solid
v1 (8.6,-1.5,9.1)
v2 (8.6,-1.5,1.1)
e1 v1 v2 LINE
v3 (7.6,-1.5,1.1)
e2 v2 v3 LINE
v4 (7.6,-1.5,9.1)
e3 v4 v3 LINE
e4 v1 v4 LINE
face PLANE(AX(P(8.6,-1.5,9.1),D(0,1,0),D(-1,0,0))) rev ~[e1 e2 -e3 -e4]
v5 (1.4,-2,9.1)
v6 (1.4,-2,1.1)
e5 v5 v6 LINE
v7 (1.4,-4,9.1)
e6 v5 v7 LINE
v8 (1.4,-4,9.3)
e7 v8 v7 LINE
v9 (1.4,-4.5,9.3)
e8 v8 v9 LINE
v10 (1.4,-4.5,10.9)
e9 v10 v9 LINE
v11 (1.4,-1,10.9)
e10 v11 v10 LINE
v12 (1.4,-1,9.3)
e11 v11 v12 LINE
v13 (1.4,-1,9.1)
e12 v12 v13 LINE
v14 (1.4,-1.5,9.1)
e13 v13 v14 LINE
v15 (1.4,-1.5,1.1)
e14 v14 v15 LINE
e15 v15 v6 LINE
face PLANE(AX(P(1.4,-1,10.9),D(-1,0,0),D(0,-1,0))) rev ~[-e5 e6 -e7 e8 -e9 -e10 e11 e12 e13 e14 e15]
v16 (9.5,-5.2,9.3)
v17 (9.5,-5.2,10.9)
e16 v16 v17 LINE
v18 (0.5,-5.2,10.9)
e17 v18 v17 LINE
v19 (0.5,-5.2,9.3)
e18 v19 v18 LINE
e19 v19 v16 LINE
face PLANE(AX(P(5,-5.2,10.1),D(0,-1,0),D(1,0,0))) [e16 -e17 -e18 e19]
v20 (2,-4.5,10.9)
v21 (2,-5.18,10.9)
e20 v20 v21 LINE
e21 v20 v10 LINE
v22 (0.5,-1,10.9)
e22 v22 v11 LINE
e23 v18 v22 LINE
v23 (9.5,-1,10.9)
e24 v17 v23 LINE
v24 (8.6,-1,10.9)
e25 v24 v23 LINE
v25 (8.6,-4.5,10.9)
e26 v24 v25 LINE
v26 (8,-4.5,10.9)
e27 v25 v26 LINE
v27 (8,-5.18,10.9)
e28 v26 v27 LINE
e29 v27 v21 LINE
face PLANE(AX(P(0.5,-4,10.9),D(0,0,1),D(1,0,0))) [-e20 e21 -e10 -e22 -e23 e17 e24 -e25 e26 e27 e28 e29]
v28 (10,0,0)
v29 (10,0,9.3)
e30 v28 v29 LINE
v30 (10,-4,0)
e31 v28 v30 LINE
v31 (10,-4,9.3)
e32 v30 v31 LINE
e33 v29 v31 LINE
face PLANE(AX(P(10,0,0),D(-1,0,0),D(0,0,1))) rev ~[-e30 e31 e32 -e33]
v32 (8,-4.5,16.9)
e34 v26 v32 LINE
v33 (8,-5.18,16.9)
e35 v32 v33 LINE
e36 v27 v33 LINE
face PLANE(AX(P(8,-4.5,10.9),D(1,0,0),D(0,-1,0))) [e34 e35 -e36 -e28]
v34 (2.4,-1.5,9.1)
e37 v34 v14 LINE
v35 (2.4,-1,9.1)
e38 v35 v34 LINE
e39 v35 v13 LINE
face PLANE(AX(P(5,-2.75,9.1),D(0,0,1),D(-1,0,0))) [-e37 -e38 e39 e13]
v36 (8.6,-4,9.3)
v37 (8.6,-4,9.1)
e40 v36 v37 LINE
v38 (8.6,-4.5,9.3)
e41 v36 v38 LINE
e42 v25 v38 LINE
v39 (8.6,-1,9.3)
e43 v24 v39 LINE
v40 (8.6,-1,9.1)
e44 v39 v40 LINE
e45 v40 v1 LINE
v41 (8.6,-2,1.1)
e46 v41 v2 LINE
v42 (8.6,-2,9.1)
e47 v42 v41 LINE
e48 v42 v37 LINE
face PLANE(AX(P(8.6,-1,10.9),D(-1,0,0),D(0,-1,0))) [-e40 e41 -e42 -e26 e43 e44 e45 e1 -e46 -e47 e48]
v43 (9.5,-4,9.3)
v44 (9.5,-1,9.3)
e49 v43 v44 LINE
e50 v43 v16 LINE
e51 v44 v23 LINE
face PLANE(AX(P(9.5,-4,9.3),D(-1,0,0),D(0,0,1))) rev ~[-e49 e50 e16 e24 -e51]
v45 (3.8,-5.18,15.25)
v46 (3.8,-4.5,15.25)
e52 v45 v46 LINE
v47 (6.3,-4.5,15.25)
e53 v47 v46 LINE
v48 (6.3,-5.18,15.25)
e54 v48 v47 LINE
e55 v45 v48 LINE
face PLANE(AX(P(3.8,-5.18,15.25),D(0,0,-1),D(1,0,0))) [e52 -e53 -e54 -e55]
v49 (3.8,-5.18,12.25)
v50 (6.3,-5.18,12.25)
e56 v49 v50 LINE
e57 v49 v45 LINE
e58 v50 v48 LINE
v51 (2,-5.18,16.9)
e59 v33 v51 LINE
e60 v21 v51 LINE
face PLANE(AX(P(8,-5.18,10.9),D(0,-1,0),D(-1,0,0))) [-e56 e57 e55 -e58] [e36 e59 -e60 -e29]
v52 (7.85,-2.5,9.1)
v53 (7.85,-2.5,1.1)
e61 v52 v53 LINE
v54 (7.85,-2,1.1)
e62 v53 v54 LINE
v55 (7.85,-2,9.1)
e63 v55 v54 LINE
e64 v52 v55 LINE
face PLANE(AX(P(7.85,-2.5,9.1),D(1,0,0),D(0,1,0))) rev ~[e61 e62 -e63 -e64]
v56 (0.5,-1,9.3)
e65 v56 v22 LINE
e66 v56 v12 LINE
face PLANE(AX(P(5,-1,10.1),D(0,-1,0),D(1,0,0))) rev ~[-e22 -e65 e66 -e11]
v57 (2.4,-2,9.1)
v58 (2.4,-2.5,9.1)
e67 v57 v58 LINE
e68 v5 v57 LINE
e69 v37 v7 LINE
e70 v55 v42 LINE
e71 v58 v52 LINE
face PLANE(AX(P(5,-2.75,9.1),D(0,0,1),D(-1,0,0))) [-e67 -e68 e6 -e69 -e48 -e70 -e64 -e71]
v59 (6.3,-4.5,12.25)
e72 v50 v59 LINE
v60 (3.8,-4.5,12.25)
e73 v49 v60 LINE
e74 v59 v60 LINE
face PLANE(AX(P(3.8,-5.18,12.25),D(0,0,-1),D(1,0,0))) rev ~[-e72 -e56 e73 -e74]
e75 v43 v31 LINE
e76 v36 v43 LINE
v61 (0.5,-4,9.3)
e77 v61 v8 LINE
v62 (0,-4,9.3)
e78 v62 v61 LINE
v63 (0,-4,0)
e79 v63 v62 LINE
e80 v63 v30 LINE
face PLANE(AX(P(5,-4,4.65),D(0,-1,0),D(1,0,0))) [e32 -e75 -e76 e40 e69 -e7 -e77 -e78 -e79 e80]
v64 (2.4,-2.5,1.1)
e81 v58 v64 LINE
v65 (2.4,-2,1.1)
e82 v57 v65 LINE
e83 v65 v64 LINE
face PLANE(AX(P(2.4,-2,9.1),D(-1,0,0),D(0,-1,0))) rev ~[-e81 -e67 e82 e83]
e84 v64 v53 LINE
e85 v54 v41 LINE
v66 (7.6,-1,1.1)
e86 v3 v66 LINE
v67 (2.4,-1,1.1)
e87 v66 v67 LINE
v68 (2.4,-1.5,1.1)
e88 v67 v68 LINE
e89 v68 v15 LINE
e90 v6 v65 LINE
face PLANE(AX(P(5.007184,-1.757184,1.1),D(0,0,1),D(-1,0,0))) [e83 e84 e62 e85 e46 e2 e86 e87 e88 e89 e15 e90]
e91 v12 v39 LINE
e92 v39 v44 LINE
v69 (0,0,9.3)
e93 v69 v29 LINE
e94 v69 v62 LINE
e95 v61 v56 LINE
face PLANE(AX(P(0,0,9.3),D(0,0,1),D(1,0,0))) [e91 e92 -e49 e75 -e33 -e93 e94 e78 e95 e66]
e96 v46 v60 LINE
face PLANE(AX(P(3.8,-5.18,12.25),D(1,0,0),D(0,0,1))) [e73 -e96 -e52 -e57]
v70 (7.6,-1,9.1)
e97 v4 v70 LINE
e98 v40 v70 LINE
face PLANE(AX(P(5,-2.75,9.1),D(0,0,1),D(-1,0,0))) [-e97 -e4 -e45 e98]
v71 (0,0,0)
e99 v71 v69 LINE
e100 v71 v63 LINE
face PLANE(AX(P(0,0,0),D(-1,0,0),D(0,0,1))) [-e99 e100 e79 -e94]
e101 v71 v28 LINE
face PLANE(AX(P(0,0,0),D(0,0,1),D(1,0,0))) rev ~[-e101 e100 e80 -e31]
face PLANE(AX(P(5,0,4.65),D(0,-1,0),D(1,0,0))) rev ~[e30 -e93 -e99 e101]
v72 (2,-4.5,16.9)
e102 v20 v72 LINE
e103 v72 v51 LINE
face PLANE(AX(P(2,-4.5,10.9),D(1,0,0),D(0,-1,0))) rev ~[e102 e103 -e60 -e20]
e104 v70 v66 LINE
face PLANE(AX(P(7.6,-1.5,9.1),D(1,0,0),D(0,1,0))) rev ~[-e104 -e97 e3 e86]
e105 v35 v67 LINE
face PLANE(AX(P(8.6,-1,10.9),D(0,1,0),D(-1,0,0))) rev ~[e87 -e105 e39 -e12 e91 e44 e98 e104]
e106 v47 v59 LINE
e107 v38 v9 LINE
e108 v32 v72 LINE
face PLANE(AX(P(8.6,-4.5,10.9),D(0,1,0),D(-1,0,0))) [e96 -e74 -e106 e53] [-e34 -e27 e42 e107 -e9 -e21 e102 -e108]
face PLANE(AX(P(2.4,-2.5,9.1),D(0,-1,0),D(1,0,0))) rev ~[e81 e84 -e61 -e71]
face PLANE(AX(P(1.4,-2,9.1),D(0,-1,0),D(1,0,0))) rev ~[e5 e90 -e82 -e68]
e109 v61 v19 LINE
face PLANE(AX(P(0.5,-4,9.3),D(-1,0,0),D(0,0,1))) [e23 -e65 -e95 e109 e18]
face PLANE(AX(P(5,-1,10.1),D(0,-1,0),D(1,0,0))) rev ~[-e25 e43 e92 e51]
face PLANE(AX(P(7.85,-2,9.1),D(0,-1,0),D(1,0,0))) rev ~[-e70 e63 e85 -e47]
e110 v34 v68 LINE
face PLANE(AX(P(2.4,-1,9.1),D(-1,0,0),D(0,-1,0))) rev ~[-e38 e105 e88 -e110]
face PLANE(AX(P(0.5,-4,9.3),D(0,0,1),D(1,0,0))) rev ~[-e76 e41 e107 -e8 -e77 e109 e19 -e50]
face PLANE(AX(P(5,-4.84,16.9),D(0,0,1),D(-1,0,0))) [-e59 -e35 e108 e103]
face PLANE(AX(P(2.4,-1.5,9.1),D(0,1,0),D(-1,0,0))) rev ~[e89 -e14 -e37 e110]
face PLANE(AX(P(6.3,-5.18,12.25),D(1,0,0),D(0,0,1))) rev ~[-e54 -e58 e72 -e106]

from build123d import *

# Parameters (mm, degrees)
SKETCH_W        = 10
SKETCH_H        = 9.3
PAD_DEPTH       = 4
SKETCH001_W     = 9
SKETCH001_H     = 1.6
PAD001_DEPTH    = 3
SKETCH002_W     = 9
SKETCH002_H     = 1.6
PAD002_DEPTH    = 1.2
SKETCH003_W     = 7.2
SKETCH003_H     = 3.5
POCKET_DEPTH    = 1.8
POCKET001_DEPTH = 8
SKETCH005_W     = 6
SKETCH005_H     = 0.68
PAD003_DEPTH    = 6
SKETCH006_W     = 2.5
SKETCH006_H     = 3
POCKET002_DEPTH = 5


with BuildPart() as part:
    # Sketch → Pad (new body)
    with BuildSketch(Plane.XZ):
        with Locations((5, 4.65)):
            Rectangle(SKETCH_W, SKETCH_H)
    extrude(amount=PAD_DEPTH)

    # Sketch001 (on Face6 of Pad) → Pad001 (join)
    with BuildSketch(Plane.XZ.offset(4)):
        with Locations((5, 10.1)):
            Rectangle(SKETCH001_W, SKETCH001_H)
    extrude(amount=-PAD001_DEPTH)

    # Sketch002 (on Face10 of Pad001) → Pad002 (join)
    with BuildSketch(Plane.XZ.offset(4)):
        with Locations((5, 10.1)):
            Rectangle(SKETCH002_W, SKETCH002_H)
    extrude(amount=PAD002_DEPTH)

    # Sketch003 (on Face12 of Pad002) → Pocket (cut)
    with BuildSketch(Plane(origin=(0, 0, 10.9), x_dir=(-1, 0, 0), z_dir=(0, 0, 1))):
        with Locations((-5, 2.75)):
            Rectangle(SKETCH003_W, SKETCH003_H)
    extrude(amount=-POCKET_DEPTH, mode=Mode.SUBTRACT)

    # Sketch004 (on Face9 of Pocket) → Pocket001 (cut)
    with BuildSketch(Plane(origin=(0, 0, 9.1), x_dir=(-1, 0, 0), z_dir=(0, 0, 1))):
        Polygon((-8.6, 1.5), (-7.6, 1.5), (-7.6, 1), (-2.4, 1), (-2.4, 1.5), (-1.4, 1.5), (-1.4, 2), (-2.4, 2), (-2.4, 2.5), (-7.85, 2.5), (-7.85, 2), (-8.6, 2), align=None)
    extrude(amount=-POCKET001_DEPTH, mode=Mode.SUBTRACT)

    # Sketch005 (on Face21 of Pocket001) → Pad003 (join)
    with BuildSketch(Plane(origin=(0, 0, 10.9), x_dir=(-1, 0, 0), z_dir=(0, 0, 1))):
        with Locations((-5, 4.84)):
            Rectangle(SKETCH005_W, SKETCH005_H)
    extrude(amount=PAD003_DEPTH)

    # Sketch006 (on Face30 of Pad003) → Pocket002 (cut)
    with BuildSketch(Plane.XZ.offset(5.18)):
        with Locations((5.05, 13.75)):
            Rectangle(SKETCH006_W, SKETCH006_H)
    extrude(amount=-POCKET002_DEPTH, mode=Mode.SUBTRACT)


solid = part.part
